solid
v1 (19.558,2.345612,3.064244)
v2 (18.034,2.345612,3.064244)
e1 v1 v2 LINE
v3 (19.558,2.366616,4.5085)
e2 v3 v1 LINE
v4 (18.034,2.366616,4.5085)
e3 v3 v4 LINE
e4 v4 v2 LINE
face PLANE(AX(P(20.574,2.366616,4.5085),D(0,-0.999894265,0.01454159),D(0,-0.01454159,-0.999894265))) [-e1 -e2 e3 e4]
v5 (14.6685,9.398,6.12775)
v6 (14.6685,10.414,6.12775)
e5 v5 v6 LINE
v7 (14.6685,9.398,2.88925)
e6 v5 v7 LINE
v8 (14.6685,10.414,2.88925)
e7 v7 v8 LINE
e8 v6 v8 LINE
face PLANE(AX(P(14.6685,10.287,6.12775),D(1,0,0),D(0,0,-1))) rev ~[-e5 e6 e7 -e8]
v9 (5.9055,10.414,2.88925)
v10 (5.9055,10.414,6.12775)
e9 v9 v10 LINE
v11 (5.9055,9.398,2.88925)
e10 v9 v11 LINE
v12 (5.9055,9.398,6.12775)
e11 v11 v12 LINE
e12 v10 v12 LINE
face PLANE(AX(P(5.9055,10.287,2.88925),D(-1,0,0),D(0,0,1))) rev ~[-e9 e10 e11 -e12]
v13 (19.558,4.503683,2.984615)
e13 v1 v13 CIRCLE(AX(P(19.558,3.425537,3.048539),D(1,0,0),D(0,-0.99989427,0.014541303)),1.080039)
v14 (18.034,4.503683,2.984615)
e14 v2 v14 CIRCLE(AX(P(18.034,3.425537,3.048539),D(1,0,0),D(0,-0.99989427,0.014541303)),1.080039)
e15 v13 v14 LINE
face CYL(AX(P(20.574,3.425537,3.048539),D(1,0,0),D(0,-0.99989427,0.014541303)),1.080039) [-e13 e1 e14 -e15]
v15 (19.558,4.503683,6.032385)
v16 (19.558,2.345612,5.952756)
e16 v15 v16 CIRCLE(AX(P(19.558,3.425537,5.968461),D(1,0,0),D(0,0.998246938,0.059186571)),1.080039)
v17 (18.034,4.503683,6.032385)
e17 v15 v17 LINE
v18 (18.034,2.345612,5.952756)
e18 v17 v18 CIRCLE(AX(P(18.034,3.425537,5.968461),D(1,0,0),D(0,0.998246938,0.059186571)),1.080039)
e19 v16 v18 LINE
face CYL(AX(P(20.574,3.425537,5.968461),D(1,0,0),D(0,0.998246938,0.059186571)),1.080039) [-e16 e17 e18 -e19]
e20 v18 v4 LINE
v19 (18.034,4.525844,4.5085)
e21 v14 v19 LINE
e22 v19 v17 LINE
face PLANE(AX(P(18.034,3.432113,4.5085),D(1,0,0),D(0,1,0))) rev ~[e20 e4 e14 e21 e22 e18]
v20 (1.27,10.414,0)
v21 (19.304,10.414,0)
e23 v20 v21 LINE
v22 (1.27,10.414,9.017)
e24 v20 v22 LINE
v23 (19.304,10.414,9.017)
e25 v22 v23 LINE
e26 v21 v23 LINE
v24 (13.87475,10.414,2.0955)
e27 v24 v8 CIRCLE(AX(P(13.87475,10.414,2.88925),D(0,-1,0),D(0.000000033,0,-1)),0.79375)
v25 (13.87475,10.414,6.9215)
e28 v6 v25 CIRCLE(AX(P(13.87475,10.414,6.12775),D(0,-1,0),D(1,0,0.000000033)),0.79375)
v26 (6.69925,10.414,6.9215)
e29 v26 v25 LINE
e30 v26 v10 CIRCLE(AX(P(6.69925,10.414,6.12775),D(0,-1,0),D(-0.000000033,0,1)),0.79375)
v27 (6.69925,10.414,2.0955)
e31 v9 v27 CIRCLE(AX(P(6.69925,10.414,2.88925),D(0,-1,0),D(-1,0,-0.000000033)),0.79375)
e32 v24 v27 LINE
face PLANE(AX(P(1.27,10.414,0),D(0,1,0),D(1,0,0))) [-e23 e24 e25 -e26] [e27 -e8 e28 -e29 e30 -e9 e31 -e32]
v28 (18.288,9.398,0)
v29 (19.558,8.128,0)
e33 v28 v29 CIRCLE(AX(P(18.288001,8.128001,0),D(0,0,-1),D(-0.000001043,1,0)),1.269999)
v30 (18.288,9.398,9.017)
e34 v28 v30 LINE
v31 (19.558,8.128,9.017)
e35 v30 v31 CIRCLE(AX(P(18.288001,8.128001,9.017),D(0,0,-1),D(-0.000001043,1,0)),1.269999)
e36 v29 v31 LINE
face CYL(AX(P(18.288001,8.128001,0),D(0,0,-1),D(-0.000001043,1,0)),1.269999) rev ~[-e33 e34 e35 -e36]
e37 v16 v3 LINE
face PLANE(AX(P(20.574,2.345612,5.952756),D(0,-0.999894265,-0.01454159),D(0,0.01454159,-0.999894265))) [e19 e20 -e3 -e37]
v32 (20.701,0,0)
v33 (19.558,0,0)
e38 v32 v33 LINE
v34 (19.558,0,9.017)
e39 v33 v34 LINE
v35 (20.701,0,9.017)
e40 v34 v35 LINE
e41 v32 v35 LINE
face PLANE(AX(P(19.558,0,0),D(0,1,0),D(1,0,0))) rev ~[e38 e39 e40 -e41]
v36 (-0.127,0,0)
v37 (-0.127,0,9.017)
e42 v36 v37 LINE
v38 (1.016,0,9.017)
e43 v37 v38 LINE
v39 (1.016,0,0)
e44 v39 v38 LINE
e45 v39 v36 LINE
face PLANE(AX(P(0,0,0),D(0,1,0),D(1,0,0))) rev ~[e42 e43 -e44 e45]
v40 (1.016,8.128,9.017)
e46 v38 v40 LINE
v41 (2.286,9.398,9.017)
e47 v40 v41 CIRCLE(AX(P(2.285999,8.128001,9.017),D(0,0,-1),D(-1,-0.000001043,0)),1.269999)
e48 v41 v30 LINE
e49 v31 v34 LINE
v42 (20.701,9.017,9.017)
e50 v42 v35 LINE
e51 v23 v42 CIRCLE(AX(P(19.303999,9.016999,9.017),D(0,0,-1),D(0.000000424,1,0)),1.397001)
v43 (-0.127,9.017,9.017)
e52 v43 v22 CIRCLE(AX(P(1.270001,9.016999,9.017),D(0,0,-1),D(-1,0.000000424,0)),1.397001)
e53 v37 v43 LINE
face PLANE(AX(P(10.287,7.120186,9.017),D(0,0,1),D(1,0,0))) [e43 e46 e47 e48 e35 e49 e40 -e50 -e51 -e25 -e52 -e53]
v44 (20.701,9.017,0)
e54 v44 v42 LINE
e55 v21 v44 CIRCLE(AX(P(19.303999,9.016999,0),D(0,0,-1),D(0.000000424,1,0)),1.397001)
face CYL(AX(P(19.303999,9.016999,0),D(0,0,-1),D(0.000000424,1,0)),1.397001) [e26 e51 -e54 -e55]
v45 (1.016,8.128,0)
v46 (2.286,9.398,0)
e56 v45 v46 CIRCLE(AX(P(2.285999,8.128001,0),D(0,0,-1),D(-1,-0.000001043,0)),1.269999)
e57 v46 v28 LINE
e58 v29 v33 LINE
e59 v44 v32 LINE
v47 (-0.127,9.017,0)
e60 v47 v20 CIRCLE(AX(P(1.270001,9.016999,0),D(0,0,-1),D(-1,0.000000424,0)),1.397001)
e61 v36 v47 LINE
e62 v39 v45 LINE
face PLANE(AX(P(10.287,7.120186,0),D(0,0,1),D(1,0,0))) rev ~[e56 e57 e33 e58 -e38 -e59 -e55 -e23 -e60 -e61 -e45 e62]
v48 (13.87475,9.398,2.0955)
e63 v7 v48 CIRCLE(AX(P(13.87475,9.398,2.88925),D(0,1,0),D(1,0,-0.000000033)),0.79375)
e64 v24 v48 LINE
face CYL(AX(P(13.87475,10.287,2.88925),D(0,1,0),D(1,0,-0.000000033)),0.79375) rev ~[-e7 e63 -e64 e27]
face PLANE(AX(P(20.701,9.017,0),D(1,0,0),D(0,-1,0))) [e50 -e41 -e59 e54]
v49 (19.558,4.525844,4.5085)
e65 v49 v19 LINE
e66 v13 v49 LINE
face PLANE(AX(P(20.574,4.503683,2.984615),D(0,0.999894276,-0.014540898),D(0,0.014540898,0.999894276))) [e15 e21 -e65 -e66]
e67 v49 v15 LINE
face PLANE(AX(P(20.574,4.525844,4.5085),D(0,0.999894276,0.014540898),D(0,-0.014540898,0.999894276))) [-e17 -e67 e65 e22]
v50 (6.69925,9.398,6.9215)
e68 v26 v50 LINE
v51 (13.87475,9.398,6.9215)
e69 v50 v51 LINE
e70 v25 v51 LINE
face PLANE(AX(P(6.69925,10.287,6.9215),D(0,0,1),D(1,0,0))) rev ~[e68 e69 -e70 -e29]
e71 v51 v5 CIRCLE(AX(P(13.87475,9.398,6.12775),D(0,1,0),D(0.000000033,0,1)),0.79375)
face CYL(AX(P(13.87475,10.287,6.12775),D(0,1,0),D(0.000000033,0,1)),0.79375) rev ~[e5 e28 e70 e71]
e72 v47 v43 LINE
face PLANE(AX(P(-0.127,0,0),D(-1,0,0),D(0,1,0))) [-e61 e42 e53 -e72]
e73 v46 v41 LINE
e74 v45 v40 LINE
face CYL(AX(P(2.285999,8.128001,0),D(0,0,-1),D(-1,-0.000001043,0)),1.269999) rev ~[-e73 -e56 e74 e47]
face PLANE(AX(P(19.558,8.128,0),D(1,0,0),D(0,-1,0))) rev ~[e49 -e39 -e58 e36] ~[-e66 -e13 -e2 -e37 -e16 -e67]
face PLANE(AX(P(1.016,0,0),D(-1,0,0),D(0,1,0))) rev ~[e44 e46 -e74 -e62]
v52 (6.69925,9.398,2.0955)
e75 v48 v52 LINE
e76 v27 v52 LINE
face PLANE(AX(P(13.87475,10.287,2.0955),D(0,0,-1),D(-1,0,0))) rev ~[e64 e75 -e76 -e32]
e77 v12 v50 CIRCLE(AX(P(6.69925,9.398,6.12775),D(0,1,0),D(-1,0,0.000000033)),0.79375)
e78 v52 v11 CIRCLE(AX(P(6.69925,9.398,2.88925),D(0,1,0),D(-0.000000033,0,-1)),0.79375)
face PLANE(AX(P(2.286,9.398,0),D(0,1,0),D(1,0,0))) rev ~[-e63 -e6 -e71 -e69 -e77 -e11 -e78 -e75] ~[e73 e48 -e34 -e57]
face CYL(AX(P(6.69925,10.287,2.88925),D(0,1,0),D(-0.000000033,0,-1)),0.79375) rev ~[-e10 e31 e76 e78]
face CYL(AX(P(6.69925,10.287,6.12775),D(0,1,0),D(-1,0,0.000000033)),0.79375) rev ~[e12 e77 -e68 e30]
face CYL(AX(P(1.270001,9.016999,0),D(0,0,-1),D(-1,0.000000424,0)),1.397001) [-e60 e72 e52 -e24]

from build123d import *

# Parameters (mm, degrees)
F1_DEPTH = 9.017
F3_DEPTH = 10.288
F5_DEPTH = 2.54
F7_DEPTH = 9.017
F9_DEPTH = 25.4


with BuildPart() as f1:
    # F0 (on Top) → F1 (new body)
    with BuildSketch(Plane.XY):
        with BuildLine():
            Line((0, 9.017), (0, 0))
            Line((0, 0), (1.016, 0))
            Line((1.016, 0), (1.016, 8.128))
            ThreePointArc((1.016, 8.128), (1.387974, 9.026026), (2.286, 9.398))
            Line((2.286, 9.398), (18.288, 9.398))
            ThreePointArc((18.288, 9.398), (19.186026, 9.026026), (19.558, 8.128))
            Line((19.558, 8.128), (19.558, 0))
            Line((19.558, 0), (20.574, 0))
            Line((20.574, 0), (20.574, 9.017))
            ThreePointArc((20.574, 9.017), (20.202026, 9.915026), (19.304, 10.287))
            Line((19.304, 10.287), (1.27, 10.287))
            ThreePointArc((1.27, 10.287), (0.371974, 9.915026), (0, 9.017))
        make_face()
    extrude(amount=F1_DEPTH)

    # F2 (on face) → F3 (cut, through all)
    with BuildSketch(Plane(origin=(0, 10.287, 0), x_dir=(-1, 0, 0), z_dir=(0, 1, 0))):
        with BuildLine():
            Line((-13.87475, 2.0955), (-6.69925, 2.0955))
            ThreePointArc((-6.69925, 2.0955), (-6.137984, 2.327984), (-5.9055, 2.88925))
            Line((-5.9055, 2.88925), (-5.9055, 6.12775))
            ThreePointArc((-5.9055, 6.12775), (-6.137984, 6.689016), (-6.69925, 6.9215))
            Line((-6.69925, 6.9215), (-13.87475, 6.9215))
            ThreePointArc((-13.87475, 6.9215), (-14.436016, 6.689016), (-14.6685, 6.12775))
            Line((-14.6685, 6.12775), (-14.6685, 2.88925))
            ThreePointArc((-14.6685, 2.88925), (-14.436016, 2.327984), (-13.87475, 2.0955))
        make_face()
    extrude(amount=-F3_DEPTH, mode=Mode.SUBTRACT)

    # F4 (on face) → F5 (join)
    with BuildSketch(Plane.YZ.offset(20.574)):
        with BuildLine():
            Line((4.503683, 2.984615), (4.525844, 4.5085))
            Line((4.525844, 4.5085), (4.503683, 6.032385))
            ThreePointArc((4.503683, 6.032385), (3.385713, 7.047766), (2.345612, 5.952756))
            Line((2.345612, 5.952756), (2.366616, 4.5085))
            Line((2.366616, 4.5085), (2.345612, 3.064244))
            ThreePointArc((2.345612, 3.064244), (3.385713, 1.969234), (4.503683, 2.984615))
        make_face()
    extrude(amount=-F5_DEPTH)

    # F6 (on face) → F7 (join, through all)
    with BuildSketch(Plane(origin=(0, 0, 0), x_dir=(1, 0, 0), z_dir=(0, 0, -1))):
        with BuildLine():
            Line((20.574, 0), (20.574, -9.017))
            ThreePointArc((20.574, -9.017), (20.202026, -9.915026), (19.304, -10.287))
            Line((19.304, -10.287), (1.27, -10.287))
            ThreePointArc((1.27, -10.287), (0.371974, -9.915026), (0, -9.017))
            Line((0, -9.017), (0, 0))
            Line((0, 0), (-0.127, 0))
            Line((-0.127, 0), (-0.127, -9.017))
            ThreePointArc((-0.127, -9.017), (0.282172, -10.004828), (1.27, -10.414))
            Line((1.27, -10.414), (19.304, -10.414))
            ThreePointArc((19.304, -10.414), (20.291828, -10.004828), (20.701, -9.017))
            Line((20.701, -9.017), (20.701, 0))
            Line((20.701, 0), (20.574, 0))
        make_face()
    extrude(amount=-F7_DEPTH)

    # F8 (on face) → F9 (cut)
    with BuildSketch(Plane.XZ.offset(-10.287)):
        with BuildLine():
            ThreePointArc((5.9055, 2.88925), (6.137984, 2.327984), (6.69925, 2.0955))
            Line((6.69925, 2.0955), (13.87475, 2.0955))
            ThreePointArc((13.87475, 2.0955), (14.436016, 2.327984), (14.6685, 2.88925))
            Line((14.6685, 2.88925), (14.6685, 6.12775))
            ThreePointArc((14.6685, 6.12775), (14.436016, 6.689016), (13.87475, 6.9215))
            Line((13.87475, 6.9215), (6.69925, 6.9215))
            ThreePointArc((6.69925, 6.9215), (6.137984, 6.689016), (5.9055, 6.12775))
            Line((5.9055, 6.12775), (5.9055, 2.88925))
        make_face()
    extrude(amount=-F9_DEPTH, mode=Mode.SUBTRACT)


solid = f1.part
